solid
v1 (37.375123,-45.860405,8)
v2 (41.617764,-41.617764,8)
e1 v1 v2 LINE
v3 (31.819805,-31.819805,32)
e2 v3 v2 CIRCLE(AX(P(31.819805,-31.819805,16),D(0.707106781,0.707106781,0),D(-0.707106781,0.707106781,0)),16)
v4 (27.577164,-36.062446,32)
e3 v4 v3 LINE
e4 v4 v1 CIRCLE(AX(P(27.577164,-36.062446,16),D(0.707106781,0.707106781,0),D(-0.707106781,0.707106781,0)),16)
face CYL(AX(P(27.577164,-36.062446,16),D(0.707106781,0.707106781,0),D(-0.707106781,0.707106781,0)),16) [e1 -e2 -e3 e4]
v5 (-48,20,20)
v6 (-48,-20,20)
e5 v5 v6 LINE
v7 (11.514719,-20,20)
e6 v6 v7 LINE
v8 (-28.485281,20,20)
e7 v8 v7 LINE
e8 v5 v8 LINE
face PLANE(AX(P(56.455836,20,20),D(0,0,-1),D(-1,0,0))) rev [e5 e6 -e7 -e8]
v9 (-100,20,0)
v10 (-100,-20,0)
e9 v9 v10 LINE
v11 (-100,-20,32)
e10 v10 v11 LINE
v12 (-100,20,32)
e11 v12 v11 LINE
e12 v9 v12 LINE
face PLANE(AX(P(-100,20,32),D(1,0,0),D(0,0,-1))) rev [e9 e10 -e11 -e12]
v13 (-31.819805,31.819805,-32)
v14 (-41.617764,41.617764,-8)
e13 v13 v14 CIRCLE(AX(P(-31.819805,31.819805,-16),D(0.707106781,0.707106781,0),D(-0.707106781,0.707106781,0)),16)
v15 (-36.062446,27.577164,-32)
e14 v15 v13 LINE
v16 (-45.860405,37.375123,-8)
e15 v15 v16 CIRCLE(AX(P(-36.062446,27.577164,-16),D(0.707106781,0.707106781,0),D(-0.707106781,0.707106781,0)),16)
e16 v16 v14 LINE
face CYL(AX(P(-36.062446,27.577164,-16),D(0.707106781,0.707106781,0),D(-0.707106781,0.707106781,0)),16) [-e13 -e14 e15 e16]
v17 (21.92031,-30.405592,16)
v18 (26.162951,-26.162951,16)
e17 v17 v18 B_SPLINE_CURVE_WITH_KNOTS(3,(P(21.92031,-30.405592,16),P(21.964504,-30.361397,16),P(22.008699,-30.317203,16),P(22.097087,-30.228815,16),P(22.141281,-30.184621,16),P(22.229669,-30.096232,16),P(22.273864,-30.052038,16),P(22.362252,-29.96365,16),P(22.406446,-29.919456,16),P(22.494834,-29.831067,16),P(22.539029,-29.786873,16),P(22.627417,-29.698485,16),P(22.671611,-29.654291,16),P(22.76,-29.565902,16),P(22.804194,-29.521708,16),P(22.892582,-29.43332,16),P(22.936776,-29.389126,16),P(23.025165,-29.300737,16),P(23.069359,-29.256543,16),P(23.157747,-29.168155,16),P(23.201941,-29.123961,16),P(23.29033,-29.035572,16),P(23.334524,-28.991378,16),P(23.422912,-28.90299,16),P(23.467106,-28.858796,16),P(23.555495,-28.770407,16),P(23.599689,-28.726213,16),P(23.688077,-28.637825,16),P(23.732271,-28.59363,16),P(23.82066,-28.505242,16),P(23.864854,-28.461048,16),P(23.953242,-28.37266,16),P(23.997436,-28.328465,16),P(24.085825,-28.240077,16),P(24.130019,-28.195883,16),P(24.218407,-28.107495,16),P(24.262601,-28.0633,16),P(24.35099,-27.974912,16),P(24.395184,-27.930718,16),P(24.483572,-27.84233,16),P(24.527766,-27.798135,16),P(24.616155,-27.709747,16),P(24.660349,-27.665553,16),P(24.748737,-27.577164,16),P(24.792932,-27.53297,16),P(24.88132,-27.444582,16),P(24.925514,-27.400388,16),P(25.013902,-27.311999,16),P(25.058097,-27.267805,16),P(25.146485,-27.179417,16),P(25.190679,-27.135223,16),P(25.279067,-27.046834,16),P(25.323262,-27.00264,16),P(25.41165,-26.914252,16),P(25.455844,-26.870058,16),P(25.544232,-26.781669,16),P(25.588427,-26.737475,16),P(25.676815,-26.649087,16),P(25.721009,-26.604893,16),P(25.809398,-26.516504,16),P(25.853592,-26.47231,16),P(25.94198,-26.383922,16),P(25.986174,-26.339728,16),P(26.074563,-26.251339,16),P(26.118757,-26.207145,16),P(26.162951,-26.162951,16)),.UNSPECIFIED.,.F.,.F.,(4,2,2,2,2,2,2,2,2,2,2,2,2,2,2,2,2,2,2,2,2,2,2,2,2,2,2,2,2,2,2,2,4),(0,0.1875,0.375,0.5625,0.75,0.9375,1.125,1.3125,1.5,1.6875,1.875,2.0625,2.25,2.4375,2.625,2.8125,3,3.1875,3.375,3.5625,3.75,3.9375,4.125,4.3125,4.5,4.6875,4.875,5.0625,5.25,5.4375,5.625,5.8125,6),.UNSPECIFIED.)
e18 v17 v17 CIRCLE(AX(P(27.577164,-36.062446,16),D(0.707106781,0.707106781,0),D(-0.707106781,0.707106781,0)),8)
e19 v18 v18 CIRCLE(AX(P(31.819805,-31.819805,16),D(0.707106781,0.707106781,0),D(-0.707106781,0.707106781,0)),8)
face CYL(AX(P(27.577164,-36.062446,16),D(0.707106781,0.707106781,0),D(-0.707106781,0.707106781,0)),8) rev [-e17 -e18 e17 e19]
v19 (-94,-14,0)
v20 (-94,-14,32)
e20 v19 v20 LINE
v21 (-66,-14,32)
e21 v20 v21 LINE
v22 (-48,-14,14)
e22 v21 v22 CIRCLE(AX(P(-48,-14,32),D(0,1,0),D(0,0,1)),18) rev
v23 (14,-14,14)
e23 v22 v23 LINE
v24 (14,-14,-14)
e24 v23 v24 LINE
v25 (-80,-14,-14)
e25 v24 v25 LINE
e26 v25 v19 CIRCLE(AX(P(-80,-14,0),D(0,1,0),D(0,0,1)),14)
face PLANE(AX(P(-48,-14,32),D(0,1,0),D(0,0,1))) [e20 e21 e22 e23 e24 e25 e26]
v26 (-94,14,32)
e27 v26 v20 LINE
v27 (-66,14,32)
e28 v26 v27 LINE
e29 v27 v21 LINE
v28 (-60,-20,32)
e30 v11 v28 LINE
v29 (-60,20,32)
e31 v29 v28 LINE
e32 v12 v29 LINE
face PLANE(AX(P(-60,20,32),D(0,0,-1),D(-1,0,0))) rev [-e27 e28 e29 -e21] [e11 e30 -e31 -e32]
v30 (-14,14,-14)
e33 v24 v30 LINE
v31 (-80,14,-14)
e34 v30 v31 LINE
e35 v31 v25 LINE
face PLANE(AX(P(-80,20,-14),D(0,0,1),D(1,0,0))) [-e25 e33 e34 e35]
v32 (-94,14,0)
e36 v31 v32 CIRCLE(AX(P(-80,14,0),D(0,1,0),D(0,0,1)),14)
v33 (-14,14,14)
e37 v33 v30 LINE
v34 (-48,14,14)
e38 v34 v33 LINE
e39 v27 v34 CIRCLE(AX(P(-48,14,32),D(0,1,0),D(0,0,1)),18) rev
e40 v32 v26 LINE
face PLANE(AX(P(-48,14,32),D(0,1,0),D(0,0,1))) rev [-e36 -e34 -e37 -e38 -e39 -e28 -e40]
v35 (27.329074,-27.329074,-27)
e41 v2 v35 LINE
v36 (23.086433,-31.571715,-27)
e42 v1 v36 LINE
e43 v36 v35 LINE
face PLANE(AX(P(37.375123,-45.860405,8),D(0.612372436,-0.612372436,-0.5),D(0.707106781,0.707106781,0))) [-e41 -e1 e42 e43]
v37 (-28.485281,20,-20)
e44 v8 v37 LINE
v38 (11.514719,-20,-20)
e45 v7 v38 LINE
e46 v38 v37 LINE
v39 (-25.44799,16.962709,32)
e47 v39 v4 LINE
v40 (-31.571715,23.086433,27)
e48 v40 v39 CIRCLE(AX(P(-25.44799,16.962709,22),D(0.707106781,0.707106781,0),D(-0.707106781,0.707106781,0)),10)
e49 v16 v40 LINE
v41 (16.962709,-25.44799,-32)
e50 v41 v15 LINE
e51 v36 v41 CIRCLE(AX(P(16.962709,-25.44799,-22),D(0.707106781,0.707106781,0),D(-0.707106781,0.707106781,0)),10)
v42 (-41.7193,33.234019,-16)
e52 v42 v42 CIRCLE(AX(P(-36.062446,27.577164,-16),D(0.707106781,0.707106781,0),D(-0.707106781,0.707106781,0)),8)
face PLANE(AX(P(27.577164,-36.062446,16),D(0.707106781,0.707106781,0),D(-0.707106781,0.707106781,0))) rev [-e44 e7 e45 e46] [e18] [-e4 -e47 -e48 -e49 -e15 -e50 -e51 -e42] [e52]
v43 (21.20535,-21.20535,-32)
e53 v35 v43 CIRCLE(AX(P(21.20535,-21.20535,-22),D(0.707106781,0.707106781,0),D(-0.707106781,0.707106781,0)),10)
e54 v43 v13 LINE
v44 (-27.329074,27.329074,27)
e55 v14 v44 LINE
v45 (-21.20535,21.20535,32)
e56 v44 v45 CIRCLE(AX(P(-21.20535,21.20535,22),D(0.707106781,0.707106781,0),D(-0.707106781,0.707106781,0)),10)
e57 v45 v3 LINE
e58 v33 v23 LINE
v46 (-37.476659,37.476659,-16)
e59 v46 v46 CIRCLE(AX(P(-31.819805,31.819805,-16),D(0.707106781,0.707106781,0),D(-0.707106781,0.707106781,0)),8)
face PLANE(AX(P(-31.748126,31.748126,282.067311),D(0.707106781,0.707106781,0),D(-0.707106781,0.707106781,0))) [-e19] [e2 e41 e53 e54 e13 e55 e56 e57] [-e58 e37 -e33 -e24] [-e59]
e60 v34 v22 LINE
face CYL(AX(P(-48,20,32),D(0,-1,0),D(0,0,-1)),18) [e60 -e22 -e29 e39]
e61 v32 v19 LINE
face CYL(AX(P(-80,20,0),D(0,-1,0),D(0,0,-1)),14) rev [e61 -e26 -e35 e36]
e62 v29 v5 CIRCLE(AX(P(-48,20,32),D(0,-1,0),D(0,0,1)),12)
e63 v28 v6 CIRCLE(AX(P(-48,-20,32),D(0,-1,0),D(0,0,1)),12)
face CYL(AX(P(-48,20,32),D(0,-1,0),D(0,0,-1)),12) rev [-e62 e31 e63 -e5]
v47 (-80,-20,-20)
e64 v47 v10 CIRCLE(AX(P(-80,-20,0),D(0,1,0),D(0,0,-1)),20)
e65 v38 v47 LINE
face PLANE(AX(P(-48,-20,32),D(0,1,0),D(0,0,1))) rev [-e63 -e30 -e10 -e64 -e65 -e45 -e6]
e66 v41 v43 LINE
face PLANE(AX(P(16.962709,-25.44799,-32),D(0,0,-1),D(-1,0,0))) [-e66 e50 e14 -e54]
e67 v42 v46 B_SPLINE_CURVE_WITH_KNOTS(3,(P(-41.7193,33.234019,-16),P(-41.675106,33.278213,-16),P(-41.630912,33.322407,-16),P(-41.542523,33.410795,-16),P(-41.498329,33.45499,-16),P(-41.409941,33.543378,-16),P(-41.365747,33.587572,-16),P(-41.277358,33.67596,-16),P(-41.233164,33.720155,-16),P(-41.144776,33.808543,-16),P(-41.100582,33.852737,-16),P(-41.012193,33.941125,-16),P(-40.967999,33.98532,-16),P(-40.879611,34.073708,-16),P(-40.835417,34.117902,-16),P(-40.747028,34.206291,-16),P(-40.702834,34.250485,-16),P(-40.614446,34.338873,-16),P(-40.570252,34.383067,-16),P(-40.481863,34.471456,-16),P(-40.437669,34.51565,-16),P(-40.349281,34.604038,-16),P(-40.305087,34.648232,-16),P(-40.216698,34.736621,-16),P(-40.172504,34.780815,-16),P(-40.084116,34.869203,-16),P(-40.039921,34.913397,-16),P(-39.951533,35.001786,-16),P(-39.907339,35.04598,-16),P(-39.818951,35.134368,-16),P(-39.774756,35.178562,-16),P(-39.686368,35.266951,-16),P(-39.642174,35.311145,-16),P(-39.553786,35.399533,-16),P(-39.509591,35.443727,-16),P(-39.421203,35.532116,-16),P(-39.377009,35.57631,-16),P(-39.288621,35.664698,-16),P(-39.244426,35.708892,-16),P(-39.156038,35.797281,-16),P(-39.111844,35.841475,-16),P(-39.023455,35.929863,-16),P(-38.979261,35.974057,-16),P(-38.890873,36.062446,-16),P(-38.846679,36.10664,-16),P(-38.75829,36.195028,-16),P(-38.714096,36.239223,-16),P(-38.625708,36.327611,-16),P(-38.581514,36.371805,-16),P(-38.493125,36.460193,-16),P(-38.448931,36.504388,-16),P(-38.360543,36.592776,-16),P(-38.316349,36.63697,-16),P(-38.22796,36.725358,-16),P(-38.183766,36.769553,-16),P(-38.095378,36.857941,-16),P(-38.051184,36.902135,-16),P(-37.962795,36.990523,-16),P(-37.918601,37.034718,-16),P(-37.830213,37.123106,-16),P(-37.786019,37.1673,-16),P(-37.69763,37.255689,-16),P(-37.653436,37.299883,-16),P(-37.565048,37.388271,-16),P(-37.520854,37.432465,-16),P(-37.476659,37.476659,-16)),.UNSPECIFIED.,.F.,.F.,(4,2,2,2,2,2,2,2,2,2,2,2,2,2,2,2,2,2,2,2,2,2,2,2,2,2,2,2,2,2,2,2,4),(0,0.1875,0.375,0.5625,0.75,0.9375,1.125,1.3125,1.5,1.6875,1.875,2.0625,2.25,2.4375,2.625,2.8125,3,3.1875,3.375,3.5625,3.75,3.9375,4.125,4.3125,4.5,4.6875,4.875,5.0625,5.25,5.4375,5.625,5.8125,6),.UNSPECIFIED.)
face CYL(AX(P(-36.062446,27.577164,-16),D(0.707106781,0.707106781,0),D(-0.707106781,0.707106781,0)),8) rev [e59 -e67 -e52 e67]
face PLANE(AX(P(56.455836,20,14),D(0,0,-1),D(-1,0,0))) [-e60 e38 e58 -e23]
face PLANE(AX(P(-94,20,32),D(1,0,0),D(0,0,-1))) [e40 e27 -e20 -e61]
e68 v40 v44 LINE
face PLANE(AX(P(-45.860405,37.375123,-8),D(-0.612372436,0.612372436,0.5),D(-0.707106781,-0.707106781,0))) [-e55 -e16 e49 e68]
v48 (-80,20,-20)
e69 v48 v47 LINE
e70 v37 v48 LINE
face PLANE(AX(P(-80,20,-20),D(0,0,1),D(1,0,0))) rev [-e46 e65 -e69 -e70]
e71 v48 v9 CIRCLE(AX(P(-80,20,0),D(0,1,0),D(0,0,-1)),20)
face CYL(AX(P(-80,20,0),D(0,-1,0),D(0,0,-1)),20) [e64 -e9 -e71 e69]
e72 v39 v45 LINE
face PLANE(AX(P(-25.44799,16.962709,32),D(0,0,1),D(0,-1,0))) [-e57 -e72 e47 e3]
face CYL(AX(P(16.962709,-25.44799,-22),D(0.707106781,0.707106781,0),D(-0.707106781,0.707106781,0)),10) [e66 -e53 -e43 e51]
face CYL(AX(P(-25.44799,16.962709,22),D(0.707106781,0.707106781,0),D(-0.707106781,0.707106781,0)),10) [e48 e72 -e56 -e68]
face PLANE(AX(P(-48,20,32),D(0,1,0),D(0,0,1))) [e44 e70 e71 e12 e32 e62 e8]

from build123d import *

# Parameters (mm, degrees)
EXTRUDE_1_DEPTH          = 20
SHELL_1_T                = -6
CUT_EXTRUDE_2_DEPTH      = 110.544511501
CUT_EXTRUDE_2_DEPTH_BACK = 110.544511501
SKETCH_4_R               = 8
SKETCH_4_W               = 28
SKETCH_4_H               = 48.08326112
EXTRUDE_5_DEPTH          = 6


with BuildPart() as part:
    # 草圖1 → 伸長1 (new, symmetric)
    with BuildSketch(Plane(origin=(0, 0, 0), x_dir=(1, 0, 0), z_dir=(0, 1, 0))):
        with BuildLine():
            Line((56.455835634, -20), (-48, -20))
            ThreePointArc((-48, -20), (-56.485281374, -23.514718626), (-60, -32))
            Line((-60, -32), (-100, -32))
            Line((-100, -32), (-100, 0))
            ThreePointArc((-100, 0), (-94.142135624, 14.142135624), (-80, 20))
            Line((-80, 20), (56.455835634, 20))
            Line((56.455835634, 20), (56.455835634, -20))
        make_face()
    extrude(amount=EXTRUDE_1_DEPTH, both=True)

    # 薄殼1
    shell_1_openings = [part.faces().sort_by_distance(p)[0] for p in [
        (-80, 0, 32),
        (56.455835634, 0, 0),
    ]]
    offset(amount=SHELL_1_T, openings=shell_1_openings, kind=Kind.INTERSECTION)

    # 草圖3 → 伸長2 (cut, two sides: drawn at the far end of the back side and taken through both)
    with BuildSketch(Plane.XY.offset(20).offset(-CUT_EXTRUDE_2_DEPTH_BACK)):
        Polygon((-238.812297792, 238.812297792), (-31.748125619, 31.748125619), (31.647752007, -31.647752007), (238.711924181, -238.711924181), (652.840268527, 175.416420166), (175.316046555, 652.940642138), align=None)
    extrude(amount=CUT_EXTRUDE_2_DEPTH + CUT_EXTRUDE_2_DEPTH_BACK, mode=Mode.SUBTRACT)

    # 草圖4 → 伸長5 (add)
    with BuildSketch(Plane(origin=(0, 0, 0), x_dir=(0, 0, -1), z_dir=(0.7071067811865488, 0.7071067811865464, 0))):
        with BuildLine():
            Line((32, -29.988893001), (32, 45))
            ThreePointArc((32, 45), (24, 58.856406461), (8, 58.856406461))
            Line((8, 58.856406461), (-27, 38.649147039))
            ThreePointArc((-27, 38.649147039), (-30.660254038, 34.988893001), (-32, 29.988893001))
            Line((-32, 29.988893001), (-32, -45))
            ThreePointArc((-32, -45), (-24, -58.856406461), (-8, -58.856406461))
            Line((-8, -58.856406461), (27, -38.649147039))
            ThreePointArc((27, -38.649147039), (30.660254038, -34.988893001), (32, -29.988893001))
        make_face()
        with Locations(Location((16, 45, 0), (0, 0, 90))):
            Circle(SKETCH_4_R, mode=Mode.SUBTRACT)
        with Locations(Location((-16, -45, 0), (0, 0, 90))):
            Circle(SKETCH_4_R, mode=Mode.SUBTRACT)
        with Locations((0, 4.242640687)):
            Rectangle(SKETCH_4_W, SKETCH_4_H, mode=Mode.SUBTRACT)
    extrude(amount=-EXTRUDE_5_DEPTH)


solid = part.part
